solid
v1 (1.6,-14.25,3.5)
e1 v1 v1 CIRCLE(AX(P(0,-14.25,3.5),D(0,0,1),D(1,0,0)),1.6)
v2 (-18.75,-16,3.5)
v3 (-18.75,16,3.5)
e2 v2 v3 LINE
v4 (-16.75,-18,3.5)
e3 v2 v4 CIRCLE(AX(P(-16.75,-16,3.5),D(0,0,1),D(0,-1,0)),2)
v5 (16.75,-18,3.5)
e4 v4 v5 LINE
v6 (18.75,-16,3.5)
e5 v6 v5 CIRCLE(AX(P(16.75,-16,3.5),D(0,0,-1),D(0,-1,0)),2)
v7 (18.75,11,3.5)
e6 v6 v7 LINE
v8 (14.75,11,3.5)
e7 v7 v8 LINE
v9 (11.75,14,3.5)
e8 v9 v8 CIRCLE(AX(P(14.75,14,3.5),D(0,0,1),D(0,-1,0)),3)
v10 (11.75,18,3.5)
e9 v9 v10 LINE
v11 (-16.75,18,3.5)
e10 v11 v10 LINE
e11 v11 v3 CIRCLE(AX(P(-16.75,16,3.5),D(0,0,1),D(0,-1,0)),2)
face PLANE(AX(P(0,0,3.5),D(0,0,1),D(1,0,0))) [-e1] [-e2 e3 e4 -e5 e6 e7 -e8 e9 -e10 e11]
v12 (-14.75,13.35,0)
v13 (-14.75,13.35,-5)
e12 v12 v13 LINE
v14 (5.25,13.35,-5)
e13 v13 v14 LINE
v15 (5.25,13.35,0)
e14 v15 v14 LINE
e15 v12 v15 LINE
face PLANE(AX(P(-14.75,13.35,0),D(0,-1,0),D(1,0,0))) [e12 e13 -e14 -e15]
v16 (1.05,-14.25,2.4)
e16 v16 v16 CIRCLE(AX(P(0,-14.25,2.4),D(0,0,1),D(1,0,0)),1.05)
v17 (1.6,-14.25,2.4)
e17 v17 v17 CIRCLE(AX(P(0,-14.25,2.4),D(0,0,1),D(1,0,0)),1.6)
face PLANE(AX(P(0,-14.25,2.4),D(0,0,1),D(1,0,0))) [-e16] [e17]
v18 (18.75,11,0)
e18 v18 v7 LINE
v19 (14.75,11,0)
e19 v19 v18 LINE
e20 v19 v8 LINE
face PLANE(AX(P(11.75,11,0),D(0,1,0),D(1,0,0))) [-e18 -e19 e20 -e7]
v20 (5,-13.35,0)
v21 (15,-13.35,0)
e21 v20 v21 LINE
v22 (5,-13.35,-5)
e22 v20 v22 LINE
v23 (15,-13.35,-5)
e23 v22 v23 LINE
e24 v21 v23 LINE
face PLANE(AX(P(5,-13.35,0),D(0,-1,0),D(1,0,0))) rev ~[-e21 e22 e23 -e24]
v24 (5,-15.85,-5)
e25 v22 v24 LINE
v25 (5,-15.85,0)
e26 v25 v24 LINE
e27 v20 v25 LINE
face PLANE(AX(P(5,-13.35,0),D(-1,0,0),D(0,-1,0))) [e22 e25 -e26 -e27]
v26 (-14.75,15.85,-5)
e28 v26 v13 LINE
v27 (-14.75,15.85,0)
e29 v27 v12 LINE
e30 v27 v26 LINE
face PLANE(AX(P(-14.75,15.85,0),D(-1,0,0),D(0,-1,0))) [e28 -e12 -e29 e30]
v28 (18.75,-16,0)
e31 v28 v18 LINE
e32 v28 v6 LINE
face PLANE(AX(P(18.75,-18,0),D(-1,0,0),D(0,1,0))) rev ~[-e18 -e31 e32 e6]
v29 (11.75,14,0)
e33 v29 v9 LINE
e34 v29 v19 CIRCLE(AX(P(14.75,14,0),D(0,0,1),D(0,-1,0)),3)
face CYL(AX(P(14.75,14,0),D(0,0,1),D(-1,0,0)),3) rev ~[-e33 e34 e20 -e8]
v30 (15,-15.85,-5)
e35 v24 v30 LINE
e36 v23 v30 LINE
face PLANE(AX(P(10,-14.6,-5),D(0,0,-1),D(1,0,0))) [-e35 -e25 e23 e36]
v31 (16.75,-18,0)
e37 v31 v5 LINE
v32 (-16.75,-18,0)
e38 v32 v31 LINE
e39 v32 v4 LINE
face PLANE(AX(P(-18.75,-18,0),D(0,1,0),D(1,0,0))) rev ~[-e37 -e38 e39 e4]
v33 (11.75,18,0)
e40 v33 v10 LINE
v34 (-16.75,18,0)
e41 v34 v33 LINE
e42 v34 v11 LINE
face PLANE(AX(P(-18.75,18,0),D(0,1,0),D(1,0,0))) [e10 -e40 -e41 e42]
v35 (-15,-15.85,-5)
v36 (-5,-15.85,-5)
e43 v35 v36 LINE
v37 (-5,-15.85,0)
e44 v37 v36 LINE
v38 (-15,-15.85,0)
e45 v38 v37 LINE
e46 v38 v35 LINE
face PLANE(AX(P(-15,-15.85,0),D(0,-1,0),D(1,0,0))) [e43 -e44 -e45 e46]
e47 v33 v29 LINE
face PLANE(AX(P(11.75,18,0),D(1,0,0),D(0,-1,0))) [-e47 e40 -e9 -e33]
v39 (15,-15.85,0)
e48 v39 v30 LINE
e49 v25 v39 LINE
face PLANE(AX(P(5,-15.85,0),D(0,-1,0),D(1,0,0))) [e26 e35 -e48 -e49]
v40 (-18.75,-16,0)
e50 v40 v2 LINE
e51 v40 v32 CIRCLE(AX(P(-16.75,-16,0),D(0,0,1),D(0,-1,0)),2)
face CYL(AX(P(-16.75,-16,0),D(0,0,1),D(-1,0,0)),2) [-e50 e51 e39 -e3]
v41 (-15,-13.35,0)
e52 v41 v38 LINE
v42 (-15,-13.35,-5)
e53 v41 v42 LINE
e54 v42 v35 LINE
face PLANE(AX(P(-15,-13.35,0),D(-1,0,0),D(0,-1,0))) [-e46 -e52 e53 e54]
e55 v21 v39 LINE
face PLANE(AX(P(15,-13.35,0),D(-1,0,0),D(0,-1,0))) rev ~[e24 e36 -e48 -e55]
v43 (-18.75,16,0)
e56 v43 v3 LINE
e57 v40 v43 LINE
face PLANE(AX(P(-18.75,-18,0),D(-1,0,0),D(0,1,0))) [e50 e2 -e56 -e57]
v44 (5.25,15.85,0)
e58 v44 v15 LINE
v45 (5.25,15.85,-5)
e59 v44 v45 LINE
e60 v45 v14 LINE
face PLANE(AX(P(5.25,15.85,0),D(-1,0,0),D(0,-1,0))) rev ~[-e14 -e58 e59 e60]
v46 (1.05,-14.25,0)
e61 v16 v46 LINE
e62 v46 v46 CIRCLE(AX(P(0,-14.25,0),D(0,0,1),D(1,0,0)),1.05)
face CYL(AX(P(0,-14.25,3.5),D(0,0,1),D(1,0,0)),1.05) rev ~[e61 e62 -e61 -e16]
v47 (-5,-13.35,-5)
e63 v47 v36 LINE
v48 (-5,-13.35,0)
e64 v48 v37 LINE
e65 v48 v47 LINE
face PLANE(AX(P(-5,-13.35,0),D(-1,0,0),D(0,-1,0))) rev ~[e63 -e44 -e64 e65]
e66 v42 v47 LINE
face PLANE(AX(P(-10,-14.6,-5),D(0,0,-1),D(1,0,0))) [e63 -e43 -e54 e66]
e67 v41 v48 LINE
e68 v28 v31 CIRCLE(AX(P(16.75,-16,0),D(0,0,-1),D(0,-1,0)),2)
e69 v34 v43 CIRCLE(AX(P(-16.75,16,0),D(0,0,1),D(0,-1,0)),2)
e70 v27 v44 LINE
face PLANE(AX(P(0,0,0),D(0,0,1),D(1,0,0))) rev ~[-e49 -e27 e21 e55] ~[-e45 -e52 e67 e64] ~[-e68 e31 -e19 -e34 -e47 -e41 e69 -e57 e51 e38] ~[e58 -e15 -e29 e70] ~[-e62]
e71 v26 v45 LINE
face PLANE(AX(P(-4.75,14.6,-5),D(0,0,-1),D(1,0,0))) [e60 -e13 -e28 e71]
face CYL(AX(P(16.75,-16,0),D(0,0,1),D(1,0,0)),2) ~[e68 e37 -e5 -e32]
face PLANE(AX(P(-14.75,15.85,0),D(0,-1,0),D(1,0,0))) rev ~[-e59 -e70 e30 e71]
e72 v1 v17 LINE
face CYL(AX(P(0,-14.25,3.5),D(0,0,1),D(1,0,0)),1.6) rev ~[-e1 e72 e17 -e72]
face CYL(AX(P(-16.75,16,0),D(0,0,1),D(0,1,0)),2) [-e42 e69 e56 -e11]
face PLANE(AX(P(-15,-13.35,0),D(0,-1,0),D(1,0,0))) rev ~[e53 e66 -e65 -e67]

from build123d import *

# Parameters (mm, degrees)
SKETCH_W        = 37.5
SKETCH_H        = 36
PAD_DEPTH       = 3.5
SKETCH001_R     = 1.05
POCKET_DEPTH    = 5
SKETCH002_R     = 1.6
POCKET001_DEPTH = 1.1
SKETCH003_W     = 10
SKETCH003_H     = 2.5
PAD001_DEPTH    = 5
SKETCH004_W     = 20
SKETCH004_H     = 2.5
PAD002_DEPTH    = 5
SKETCH005_W     = 7
SKETCH005_H     = 7
POCKET002_DEPTH = 5
FILLET_R        = 3
FILLET001_R     = 2


with BuildPart() as part:
    # Sketch → Pad (new body)
    with BuildSketch(Plane.XY):
        Rectangle(SKETCH_W, SKETCH_H)
    extrude(amount=PAD_DEPTH)

    # Sketch001 (on Face6 of Pad) → Pocket (cut)
    with BuildSketch(Plane.XY.offset(3.5)):
        with Locations((0, -14.25)):
            Circle(SKETCH001_R)
    extrude(amount=-POCKET_DEPTH, mode=Mode.SUBTRACT)

    # Sketch002 (on Face5 of Pocket) → Pocket001 (cut)
    with BuildSketch(Plane.XY.offset(3.5)):
        with Locations((0, -14.25)):
            Circle(SKETCH002_R)
    extrude(amount=-POCKET001_DEPTH, mode=Mode.SUBTRACT)

    # Sketch003 (on Face4 of Pocket001) → Pad001 (join)
    with BuildSketch(Plane(origin=(0, 0, 0), x_dir=(1, 0, 0), z_dir=(0, 0, -1))):
        with Locations((-10, 14.6)):
            Rectangle(SKETCH003_W, SKETCH003_H)
        with Locations((10, 14.6)):
            Rectangle(SKETCH003_W, SKETCH003_H)
    extrude(amount=PAD001_DEPTH)

    # Sketch004 (on Face4 of Pad001) → Pad002 (join)
    with BuildSketch(Plane(origin=(0, 0, 0), x_dir=(1, 0, 0), z_dir=(0, 0, -1))):
        with Locations((-4.75, -14.6)):
            Rectangle(SKETCH004_W, SKETCH004_H)
    extrude(amount=PAD002_DEPTH)

    # Sketch005 (on Face4 of Pad002) → Pocket002 (cut)
    with BuildSketch(Plane(origin=(0, 0, 0), x_dir=(1, 0, 0), z_dir=(0, 0, -1))):
        with Locations((15.25, -14.5)):
            Rectangle(SKETCH005_W, SKETCH005_H)
    extrude(amount=-POCKET002_DEPTH, mode=Mode.SUBTRACT)

    # Fillet
    fillet_edges = [part.edges().sort_by_distance(p)[0] for p in [
        (11.75, 11, 1.75),
    ]]
    fillet(fillet_edges, radius=FILLET_R)

    # Fillet001
    fillet001_edges = [part.edges().sort_by_distance(p)[0] for p in [
        (18.75, -18, 1.75),
        (-18.75, 18, 1.75),
        (-18.75, -18, 1.75),
    ]]
    fillet(fillet001_edges, radius=FILLET001_R)


solid = part.part
